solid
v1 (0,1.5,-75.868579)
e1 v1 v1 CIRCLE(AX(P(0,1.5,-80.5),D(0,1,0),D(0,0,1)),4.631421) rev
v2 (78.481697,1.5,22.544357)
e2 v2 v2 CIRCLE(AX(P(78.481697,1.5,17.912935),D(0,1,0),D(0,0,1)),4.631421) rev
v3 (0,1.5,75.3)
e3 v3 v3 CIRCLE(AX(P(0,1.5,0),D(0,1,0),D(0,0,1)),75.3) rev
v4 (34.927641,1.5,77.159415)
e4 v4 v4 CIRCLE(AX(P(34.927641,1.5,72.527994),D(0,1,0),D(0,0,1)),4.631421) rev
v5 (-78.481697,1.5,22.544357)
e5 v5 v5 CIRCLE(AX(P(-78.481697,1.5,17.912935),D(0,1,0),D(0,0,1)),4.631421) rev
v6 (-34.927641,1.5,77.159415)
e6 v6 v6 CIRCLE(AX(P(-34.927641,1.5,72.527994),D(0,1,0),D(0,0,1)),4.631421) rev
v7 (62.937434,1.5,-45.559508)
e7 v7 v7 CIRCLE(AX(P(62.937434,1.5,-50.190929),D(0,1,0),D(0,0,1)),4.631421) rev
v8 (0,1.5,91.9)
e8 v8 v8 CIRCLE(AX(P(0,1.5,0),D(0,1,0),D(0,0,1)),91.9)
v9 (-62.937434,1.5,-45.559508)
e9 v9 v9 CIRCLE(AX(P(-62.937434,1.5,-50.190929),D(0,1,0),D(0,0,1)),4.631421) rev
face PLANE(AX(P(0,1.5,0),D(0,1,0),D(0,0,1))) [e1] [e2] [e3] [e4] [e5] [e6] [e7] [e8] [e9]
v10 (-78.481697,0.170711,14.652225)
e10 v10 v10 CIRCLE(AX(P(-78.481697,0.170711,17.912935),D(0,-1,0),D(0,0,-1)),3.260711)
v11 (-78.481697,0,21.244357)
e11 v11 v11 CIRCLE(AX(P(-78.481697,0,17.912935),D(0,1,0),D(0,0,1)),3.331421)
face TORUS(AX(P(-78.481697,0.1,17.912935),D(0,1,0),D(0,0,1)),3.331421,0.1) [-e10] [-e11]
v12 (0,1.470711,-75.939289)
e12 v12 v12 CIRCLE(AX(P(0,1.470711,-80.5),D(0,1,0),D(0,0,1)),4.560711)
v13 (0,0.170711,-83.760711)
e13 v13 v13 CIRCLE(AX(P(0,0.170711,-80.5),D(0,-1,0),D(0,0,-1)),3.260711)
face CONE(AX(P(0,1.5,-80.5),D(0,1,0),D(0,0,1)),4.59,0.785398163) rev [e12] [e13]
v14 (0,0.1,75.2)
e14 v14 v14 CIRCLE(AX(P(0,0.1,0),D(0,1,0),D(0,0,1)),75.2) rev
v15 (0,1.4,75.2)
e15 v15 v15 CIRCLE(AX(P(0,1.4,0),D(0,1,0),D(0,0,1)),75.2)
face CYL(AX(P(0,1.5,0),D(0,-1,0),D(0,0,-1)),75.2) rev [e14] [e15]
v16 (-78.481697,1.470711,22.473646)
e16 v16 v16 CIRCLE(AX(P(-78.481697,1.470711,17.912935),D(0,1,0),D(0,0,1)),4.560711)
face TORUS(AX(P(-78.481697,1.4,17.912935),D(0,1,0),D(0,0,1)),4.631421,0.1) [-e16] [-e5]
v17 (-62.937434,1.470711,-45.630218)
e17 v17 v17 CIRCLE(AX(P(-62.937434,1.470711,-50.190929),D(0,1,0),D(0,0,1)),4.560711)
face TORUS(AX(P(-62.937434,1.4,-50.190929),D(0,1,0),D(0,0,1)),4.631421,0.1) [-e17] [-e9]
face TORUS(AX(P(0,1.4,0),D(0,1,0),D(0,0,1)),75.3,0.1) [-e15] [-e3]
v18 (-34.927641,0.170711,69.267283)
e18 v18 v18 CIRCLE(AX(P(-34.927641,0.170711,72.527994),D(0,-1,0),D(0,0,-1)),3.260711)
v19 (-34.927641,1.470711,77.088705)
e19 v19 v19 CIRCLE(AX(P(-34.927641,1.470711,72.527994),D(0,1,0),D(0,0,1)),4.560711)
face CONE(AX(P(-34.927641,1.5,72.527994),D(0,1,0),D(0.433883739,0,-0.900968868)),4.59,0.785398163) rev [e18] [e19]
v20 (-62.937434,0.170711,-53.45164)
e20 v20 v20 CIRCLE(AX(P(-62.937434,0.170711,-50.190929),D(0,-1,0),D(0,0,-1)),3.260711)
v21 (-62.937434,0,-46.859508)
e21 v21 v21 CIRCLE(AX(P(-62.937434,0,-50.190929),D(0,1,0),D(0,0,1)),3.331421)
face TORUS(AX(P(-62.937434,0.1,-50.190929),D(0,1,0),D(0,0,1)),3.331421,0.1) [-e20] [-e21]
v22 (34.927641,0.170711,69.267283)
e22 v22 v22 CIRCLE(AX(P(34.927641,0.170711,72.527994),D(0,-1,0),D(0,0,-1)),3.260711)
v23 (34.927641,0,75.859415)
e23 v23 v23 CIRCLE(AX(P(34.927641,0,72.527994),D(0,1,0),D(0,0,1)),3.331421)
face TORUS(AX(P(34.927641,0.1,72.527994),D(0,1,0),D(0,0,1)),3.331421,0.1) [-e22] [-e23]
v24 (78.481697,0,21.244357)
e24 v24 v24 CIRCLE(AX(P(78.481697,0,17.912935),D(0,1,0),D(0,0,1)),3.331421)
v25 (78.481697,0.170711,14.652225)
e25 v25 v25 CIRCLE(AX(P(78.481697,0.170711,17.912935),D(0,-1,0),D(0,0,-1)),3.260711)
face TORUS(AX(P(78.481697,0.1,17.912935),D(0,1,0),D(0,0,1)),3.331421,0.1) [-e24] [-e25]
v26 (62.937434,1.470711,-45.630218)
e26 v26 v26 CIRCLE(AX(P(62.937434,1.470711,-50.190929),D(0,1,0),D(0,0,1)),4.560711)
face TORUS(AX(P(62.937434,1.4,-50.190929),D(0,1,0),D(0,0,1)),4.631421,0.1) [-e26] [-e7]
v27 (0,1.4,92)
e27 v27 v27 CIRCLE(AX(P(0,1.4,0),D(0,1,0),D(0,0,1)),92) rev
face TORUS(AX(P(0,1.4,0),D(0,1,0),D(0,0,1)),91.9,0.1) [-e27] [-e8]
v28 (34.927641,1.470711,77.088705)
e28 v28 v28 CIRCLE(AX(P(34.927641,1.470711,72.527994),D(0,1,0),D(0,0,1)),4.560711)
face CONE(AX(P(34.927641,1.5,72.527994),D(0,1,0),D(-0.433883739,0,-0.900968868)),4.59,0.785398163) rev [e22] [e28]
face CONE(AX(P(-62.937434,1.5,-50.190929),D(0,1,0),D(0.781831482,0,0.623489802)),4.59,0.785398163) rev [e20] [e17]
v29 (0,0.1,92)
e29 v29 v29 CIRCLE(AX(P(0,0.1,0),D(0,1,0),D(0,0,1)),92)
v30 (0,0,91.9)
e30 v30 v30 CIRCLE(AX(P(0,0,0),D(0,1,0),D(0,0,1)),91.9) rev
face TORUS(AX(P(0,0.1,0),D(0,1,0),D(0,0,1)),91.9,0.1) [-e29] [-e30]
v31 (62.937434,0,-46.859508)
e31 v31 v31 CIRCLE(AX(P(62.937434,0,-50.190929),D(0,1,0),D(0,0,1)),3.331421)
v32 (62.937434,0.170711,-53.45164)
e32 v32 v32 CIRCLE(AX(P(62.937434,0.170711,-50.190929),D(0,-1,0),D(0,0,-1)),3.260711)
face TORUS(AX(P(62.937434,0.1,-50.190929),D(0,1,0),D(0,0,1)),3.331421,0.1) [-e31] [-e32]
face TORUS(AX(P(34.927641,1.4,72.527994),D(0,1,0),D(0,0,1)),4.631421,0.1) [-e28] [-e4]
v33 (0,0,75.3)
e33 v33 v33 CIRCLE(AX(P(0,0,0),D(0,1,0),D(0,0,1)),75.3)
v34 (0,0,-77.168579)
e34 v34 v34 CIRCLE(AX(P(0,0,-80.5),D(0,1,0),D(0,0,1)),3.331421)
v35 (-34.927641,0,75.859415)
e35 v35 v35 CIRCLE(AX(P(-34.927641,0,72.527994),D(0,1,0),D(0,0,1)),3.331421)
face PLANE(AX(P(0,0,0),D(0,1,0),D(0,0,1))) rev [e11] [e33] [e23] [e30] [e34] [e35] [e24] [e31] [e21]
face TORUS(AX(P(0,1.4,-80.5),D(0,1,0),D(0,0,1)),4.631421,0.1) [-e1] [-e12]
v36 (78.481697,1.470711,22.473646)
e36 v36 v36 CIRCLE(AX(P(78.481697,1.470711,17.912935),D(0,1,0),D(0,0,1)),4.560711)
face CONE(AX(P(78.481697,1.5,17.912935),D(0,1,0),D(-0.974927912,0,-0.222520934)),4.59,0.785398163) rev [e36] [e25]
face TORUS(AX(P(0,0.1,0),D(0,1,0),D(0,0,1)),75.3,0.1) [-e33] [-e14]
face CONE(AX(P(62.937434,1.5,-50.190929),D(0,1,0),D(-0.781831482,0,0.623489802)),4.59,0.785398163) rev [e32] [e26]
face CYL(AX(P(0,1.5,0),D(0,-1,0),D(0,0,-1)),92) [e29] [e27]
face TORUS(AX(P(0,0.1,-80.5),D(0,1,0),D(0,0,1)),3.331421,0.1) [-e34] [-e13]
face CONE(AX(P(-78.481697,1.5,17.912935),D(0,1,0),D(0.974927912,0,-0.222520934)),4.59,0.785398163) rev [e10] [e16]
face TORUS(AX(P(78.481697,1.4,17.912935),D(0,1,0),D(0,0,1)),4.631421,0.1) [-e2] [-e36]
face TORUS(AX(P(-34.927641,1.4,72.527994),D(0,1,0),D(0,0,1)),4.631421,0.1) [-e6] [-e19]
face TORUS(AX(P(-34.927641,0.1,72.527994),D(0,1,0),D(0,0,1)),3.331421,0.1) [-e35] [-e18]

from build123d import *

# Parameters (mm, degrees)
SKIZZE1_R                       = 92
SKIZZE1_R_2                     = 75.2
AUFSATZ_LINEAR_AUSTRAGEN1_DEPTH = 1.5
KREISMUSTER1_COUNT              = 7
VERRUNDUNG1_R                   = 0.1


with BuildPart() as part:
    # Skizze1 → Aufsatz-Linear austragen1 (new body)
    with BuildSketch(Plane(origin=(0, 0, 0), x_dir=(1, 0, 0), z_dir=(0, 1, 0))):
        with Locations(Location((0, 0, 0), (0, 0, 270))):
            Circle(SKIZZE1_R)
        with Locations(Location((0, 0, 0), (0, 0, 270))):
            Circle(SKIZZE1_R_2, mode=Mode.SUBTRACT)
    extrude(amount=AUFSATZ_LINEAR_AUSTRAGEN1_DEPTH)

    # Skizze6 → Formsenkung für M4 Senkschraube mit Innensechskant1 (revolve, cut)
    with BuildSketch(Plane(origin=(0, 1.5, -80.5), x_dir=(0, 0, 1), z_dir=(1, 0, 0))):
        Polygon((0, 0), (0, 1.5), (2.25, 1.5), (2.25, 2.34), (4.59, 0), align=None)
    formsenkung_f_r_m4_senkschraube_mit_inne = revolve(axis=Axis((0, 7.85, -80.5), (0, -1, 0)), mode=Mode.SUBTRACT)

    # Kreismuster1: Formsenkung für M4 Senkschraube mit Innensechskant1 ×7 about axis
    kreismuster1_axis = Axis((0, 0, 0), (0, 1, 0))
    for i in range(1, KREISMUSTER1_COUNT):
        add(formsenkung_f_r_m4_senkschraube_mit_inne.rotate(kreismuster1_axis, i * 360 / KREISMUSTER1_COUNT), mode=Mode.SUBTRACT)

    # Verrundung1
    verrundung1_edges = [part.edges().sort_by_distance(p)[0] for p in [
        (0, 0, -83.59),
        (0, 1.5, -85.09),
        (0, 0, -92),
        (66.526040843, 1.5, -53.05274724),
        (65.35329362, 0, -52.117512537),
        (82.956616048, 1.5, 18.93430627),
        (81.494224179, 0, 18.600524869),
        (36.919167362, 1.5, 76.66344097),
        (36.268341753, 0, 75.311987668),
        (-36.919167362, 1.5, 76.66344097),
        (-36.268341753, 0, 75.311987668),
        (-82.956616048, 1.5, 18.93430627),
        (-81.494224179, 0, 18.600524869),
        (-66.526040843, 1.5, -53.05274724),
        (-65.35329362, 0, -52.117512537),
        (0, 1.5, -92),
        (0, 0, -75.2),
        (0, 1.5, -75.2),
    ]]
    fillet(verrundung1_edges, radius=VERRUNDUNG1_R)


solid = part.part
